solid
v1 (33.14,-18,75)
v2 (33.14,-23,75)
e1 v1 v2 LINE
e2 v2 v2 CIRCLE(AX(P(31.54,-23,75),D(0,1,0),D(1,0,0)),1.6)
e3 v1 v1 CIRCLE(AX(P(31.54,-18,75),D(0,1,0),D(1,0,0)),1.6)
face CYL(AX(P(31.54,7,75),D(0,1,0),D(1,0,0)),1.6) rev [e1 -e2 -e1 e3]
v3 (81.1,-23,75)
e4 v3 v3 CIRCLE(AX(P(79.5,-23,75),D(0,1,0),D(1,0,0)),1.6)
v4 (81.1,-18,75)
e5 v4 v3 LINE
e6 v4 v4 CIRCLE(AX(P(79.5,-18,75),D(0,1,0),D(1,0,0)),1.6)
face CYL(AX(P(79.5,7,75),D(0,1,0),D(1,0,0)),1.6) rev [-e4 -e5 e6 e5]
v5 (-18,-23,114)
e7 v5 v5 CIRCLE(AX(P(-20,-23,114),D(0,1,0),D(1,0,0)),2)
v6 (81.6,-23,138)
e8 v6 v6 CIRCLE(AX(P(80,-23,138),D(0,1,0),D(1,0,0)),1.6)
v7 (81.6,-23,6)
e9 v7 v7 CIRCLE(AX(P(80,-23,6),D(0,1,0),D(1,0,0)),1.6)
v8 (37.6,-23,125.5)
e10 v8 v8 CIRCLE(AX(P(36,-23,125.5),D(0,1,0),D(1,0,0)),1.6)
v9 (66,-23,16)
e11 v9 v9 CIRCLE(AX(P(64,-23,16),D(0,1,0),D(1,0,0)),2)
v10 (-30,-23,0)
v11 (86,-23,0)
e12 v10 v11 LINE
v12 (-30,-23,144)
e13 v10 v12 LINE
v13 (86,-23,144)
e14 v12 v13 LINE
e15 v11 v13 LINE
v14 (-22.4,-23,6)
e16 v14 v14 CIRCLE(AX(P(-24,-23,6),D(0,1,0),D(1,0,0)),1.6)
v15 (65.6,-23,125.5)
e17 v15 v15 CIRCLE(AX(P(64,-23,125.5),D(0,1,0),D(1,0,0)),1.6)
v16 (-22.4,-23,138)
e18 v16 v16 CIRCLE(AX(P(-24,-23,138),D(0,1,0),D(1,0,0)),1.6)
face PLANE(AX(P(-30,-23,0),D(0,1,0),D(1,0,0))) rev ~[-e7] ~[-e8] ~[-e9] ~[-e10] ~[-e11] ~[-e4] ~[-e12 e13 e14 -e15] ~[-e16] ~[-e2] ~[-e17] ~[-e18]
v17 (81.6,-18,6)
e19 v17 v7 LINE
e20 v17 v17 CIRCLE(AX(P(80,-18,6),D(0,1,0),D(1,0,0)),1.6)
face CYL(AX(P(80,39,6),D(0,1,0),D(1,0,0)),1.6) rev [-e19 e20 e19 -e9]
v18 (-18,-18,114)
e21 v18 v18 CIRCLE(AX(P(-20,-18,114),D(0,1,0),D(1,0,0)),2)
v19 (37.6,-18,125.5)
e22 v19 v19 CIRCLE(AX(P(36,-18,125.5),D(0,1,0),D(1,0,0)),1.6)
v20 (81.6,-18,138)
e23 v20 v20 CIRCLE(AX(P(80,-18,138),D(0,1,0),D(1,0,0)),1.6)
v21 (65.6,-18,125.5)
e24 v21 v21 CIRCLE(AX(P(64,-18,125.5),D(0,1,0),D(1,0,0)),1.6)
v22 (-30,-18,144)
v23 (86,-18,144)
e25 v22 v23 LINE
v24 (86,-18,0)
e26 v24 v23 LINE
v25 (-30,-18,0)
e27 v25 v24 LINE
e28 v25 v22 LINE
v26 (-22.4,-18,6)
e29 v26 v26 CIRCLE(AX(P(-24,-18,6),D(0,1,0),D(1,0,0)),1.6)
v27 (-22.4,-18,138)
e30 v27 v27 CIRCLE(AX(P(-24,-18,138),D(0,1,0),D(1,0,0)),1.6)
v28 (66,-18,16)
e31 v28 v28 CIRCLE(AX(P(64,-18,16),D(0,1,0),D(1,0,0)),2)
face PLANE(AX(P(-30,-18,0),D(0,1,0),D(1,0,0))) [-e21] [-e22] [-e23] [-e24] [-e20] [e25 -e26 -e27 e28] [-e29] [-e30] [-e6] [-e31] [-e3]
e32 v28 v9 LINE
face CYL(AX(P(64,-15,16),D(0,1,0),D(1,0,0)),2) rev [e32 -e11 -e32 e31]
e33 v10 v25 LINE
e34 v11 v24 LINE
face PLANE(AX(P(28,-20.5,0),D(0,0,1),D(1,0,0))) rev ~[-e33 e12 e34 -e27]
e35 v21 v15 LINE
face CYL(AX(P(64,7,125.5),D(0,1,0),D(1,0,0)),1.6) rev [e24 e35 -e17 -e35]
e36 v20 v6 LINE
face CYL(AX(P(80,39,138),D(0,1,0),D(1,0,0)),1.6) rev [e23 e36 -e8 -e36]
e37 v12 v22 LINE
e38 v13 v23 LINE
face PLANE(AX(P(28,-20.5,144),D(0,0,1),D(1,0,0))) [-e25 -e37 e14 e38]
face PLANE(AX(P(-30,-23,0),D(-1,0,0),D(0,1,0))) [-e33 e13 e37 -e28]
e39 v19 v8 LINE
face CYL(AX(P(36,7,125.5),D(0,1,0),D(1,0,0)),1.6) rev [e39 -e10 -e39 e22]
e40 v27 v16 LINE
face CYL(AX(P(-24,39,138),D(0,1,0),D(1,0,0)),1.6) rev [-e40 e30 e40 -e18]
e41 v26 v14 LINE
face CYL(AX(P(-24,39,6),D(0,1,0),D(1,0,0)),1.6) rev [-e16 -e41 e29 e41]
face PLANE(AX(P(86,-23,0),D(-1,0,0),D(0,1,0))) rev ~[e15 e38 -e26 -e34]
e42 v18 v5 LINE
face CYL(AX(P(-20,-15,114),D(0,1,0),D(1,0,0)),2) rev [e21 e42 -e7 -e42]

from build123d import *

# Parameters (mm, degrees)
CYLINDER096_R           = 2
CYLINDER096_DEPTH       = 10
CYLINDER096_ROLL_ANGLE  = 90
CYLINDER097_R           = 2
CYLINDER097_DEPTH       = 10
CYLINDER097_ROLL_ANGLE  = 90
CYLINDER026_R           = 1.6
CYLINDER026_DEPTH       = 50
CYLINDER026_ROLL_ANGLE  = 90
CYLINDER025_R           = 1.6
CYLINDER025_DEPTH       = 50
CYLINDER025_ROLL_ANGLE  = 90
CYLINDER028_R           = 1.6
CYLINDER028_DEPTH       = 50
CYLINDER028_ROLL_ANGLE  = 90
CYLINDER027_R           = 1.6
CYLINDER027_DEPTH       = 50
CYLINDER027_ROLL_ANGLE  = 90
CYLINDER019_R           = 1.6
CYLINDER019_DEPTH       = 40
CYLINDER019_PITCH_ANGLE = 90
CYLINDER018_R           = 1.6
CYLINDER018_DEPTH       = 40
CYLINDER018_PITCH_ANGLE = 90
CYLINDER017_R           = 1.6
CYLINDER017_DEPTH       = 40
CYLINDER016_R           = 1.6
CYLINDER016_DEPTH       = 70
CYLINDER016_ROLL_ANGLE  = 90
CYLINDER015_R           = 1.6
CYLINDER015_DEPTH       = 40
BOX011_W                = 116
BOX011_H                = 5
BOX011_DEPTH            = 144


with BuildPart() as cylinder373:
    # Cylinder096 → Cylinder096 (new body)
    with BuildSketch(Plane.XY):
        Circle(CYLINDER096_R)
    extrude(amount=CYLINDER096_DEPTH)


with BuildPart() as cylinder373_1:
    # Cylinder096 roll: moved
    add(cylinder373.part.rotate(Axis((0, 0, 0), (1, 0, 0)), CYLINDER096_ROLL_ANGLE))


with BuildPart() as cylinder373_2:
    # Cylinder096 placement: moved
    add(cylinder373_1.part.moved(Location((-20, -15, 114))))


with BuildPart() as cylinder374:
    # Cylinder097 → Cylinder097 (new body)
    with BuildSketch(Plane.XY):
        Circle(CYLINDER097_R)
    extrude(amount=CYLINDER097_DEPTH)


with BuildPart() as cylinder374_1:
    # Cylinder097 roll: moved
    add(cylinder374.part.rotate(Axis((0, 0, 0), (1, 0, 0)), CYLINDER097_ROLL_ANGLE))


with BuildPart() as cylinder374_2:
    # Cylinder097 placement: moved
    add(cylinder374_1.part.moved(Location((64, -15, 16))))


with BuildPart() as cylinder033:
    # Cylinder026 → Cylinder026 (new body)
    with BuildSketch(Plane.XY):
        Circle(CYLINDER026_R)
    extrude(amount=CYLINDER026_DEPTH)


with BuildPart() as cylinder033_1:
    # Cylinder026 roll: moved
    add(cylinder033.part.rotate(Axis((0, 0, 0), (1, 0, 0)), CYLINDER026_ROLL_ANGLE))


with BuildPart() as cylinder033_2:
    # Cylinder026 placement: moved
    add(cylinder033_1.part.moved(Location((26.54, 7, 54))))


with BuildPart() as fusion031:
    # Cylinder025 → Cylinder025 (new body)
    with BuildSketch(Plane.XY):
        Circle(CYLINDER025_R)
    extrude(amount=CYLINDER025_DEPTH)


with BuildPart() as fusion031_1:
    # Cylinder025 roll: moved
    add(fusion031.part.rotate(Axis((0, 0, 0), (1, 0, 0)), CYLINDER025_ROLL_ANGLE))


with BuildPart() as fusion031_2:
    # Cylinder025 placement: moved
    add(fusion031_1.part.moved(Location((74.5, 7, 54))))

    # Fusion031: union Cylinder033
    add(cylinder033_2.part)


with BuildPart() as fusion032:
    # Cylinder028 → Cylinder028 (new body)
    with BuildSketch(Plane.XY):
        Circle(CYLINDER028_R)
    extrude(amount=CYLINDER028_DEPTH)


with BuildPart() as fusion032_1:
    # Cylinder028 roll: moved
    add(fusion032.part.rotate(Axis((0, 0, 0), (1, 0, 0)), CYLINDER028_ROLL_ANGLE))


with BuildPart() as fusion032_2:
    # Cylinder028 placement: moved
    add(fusion032_1.part.moved(Location((31, 7, 104.5))))

    # Fusion032: union Fusion031
    add(fusion031_2.part)


with BuildPart() as arduino_holes:
    # Cylinder027 → Cylinder027 (new body)
    with BuildSketch(Plane.XY):
        Circle(CYLINDER027_R)
    extrude(amount=CYLINDER027_DEPTH)


with BuildPart() as arduino_holes_1:
    # Cylinder027 roll: moved
    add(arduino_holes.part.rotate(Axis((0, 0, 0), (1, 0, 0)), CYLINDER027_ROLL_ANGLE))


with BuildPart() as arduino_holes_2:
    # Cylinder027 placement: moved
    add(arduino_holes_1.part.moved(Location((59, 7, 104.5))))

    # Fusion033: union Fusion032
    add(fusion032_2.part)


with BuildPart() as arduino_holes_3:
    # Fusion033 placement: moved
    add(arduino_holes_2.part.moved(Location((5, 0, 21))))


with BuildPart() as cylinder100:
    # Cylinder019 → Cylinder019 (new body)
    with BuildSketch(Plane.XY):
        Circle(CYLINDER019_R)
    extrude(amount=CYLINDER019_DEPTH)


with BuildPart() as cylinder100_1:
    # Cylinder019 pitch: moved
    add(cylinder100.part.rotate(Axis((0, 0, 0), (0, 1, 0)), CYLINDER019_PITCH_ANGLE))


with BuildPart() as cylinder100_2:
    # Cylinder019 placement: moved
    add(cylinder100_1.part.moved(Location((-40, 12, 9.5))))


with BuildPart() as fusion011:
    # Cylinder018 → Cylinder018 (new body)
    with BuildSketch(Plane.XY):
        Circle(CYLINDER018_R)
    extrude(amount=CYLINDER018_DEPTH)


with BuildPart() as fusion011_1:
    # Cylinder018 pitch: moved
    add(fusion011.part.rotate(Axis((0, 0, 0), (0, 1, 0)), CYLINDER018_PITCH_ANGLE))


with BuildPart() as fusion011_2:
    # Cylinder018 placement: moved
    add(fusion011_1.part.moved(Location((-40, -7, 2.5))))

    # Fusion011: union Cylinder100
    add(cylinder100_2.part)


with BuildPart() as fusion012:
    # Cylinder017 → Cylinder017 (new body)
    with BuildSketch(Plane(origin=(-27.5, 7, -15), x_dir=(1, 0, 0), z_dir=(0, 0, 1))):
        Circle(CYLINDER017_R)
    extrude(amount=CYLINDER017_DEPTH)

    # Fusion012: union Fusion011
    add(fusion011_2.part)


with BuildPart() as fusion013:
    # Cylinder016 → Cylinder016 (new body)
    with BuildSketch(Plane.XY):
        Circle(CYLINDER016_R)
    extrude(amount=CYLINDER016_DEPTH)


with BuildPart() as fusion013_1:
    # Cylinder016 roll: moved
    add(fusion013.part.rotate(Axis((0, 0, 0), (1, 0, 0)), CYLINDER016_ROLL_ANGLE))


with BuildPart() as fusion013_2:
    # Cylinder016 placement: moved
    add(fusion013_1.part.moved(Location((-24, 39, 6))))

    # Fusion013: union Fusion012
    add(fusion012.part)


with BuildPart() as cylinder008:
    # Cylinder015 → Cylinder015 (new body)
    with BuildSketch(Plane(origin=(-20.5, -12, -15), x_dir=(1, 0, 0), z_dir=(0, 0, 1))):
        Circle(CYLINDER015_R)
    extrude(amount=CYLINDER015_DEPTH)


with BuildPart() as face_corner_holes015:
    # Fusion029 base: copy of Cylinder008
    add(cylinder008.part)

    # Fusion029: union Fusion013
    add(fusion013_2.part)


with BuildPart() as face_corner_holes015_1:
    # Fusion029 placement: moved
    add(face_corner_holes015.part.moved(Location((104, 0, 132))))


with BuildPart() as face_corner_holes011:
    # Fusion025 base: copy of Cylinder008
    add(cylinder008.part)

    # Fusion025: union Fusion013
    add(fusion013_2.part)


with BuildPart() as face_corner_holes011_1:
    # Fusion025 placement: moved
    add(face_corner_holes011.part.moved(Location((0, 0, 132))))


with BuildPart() as face_corner_holes007:
    # Fusion021 base: copy of Cylinder008
    add(cylinder008.part)

    # Fusion021: union Fusion013
    add(fusion013_2.part)


with BuildPart() as face_corner_holes007_1:
    # Fusion021 placement: moved
    add(face_corner_holes007.part.moved(Location((104, 0, 0))))


with BuildPart() as face_corner_holes004:
    # Fusion018 base: copy of Cylinder008
    add(cylinder008.part)

    # Fusion018: union Fusion013
    add(fusion013_2.part)


with BuildPart() as back_a:
    # Box011 → Box011 (new body)
    with BuildSketch(Plane(origin=(-30, -23, 0), x_dir=(1, 0, 0), z_dir=(0, 0, 1))):
        with Locations((58, 2.5)):
            Rectangle(BOX011_W, BOX011_H)
    extrude(amount=BOX011_DEPTH)

    # Cut013: cut face-corner-holes004
    add(face_corner_holes004.part, mode=Mode.SUBTRACT)

    # Cut017: cut face-corner-holes007
    add(face_corner_holes007_1.part, mode=Mode.SUBTRACT)

    # Cut022: cut face-corner-holes011
    add(face_corner_holes011_1.part, mode=Mode.SUBTRACT)

    # Cut027: cut face-corner-holes015
    add(face_corner_holes015_1.part, mode=Mode.SUBTRACT)

    # Cut028: cut arduino-holes
    add(arduino_holes_3.part, mode=Mode.SUBTRACT)

    # Cut057: cut Cylinder374
    add(cylinder374_2.part, mode=Mode.SUBTRACT)

    # Cut058: cut Cylinder373
    add(cylinder373_2.part, mode=Mode.SUBTRACT)


solid = back_a.part
